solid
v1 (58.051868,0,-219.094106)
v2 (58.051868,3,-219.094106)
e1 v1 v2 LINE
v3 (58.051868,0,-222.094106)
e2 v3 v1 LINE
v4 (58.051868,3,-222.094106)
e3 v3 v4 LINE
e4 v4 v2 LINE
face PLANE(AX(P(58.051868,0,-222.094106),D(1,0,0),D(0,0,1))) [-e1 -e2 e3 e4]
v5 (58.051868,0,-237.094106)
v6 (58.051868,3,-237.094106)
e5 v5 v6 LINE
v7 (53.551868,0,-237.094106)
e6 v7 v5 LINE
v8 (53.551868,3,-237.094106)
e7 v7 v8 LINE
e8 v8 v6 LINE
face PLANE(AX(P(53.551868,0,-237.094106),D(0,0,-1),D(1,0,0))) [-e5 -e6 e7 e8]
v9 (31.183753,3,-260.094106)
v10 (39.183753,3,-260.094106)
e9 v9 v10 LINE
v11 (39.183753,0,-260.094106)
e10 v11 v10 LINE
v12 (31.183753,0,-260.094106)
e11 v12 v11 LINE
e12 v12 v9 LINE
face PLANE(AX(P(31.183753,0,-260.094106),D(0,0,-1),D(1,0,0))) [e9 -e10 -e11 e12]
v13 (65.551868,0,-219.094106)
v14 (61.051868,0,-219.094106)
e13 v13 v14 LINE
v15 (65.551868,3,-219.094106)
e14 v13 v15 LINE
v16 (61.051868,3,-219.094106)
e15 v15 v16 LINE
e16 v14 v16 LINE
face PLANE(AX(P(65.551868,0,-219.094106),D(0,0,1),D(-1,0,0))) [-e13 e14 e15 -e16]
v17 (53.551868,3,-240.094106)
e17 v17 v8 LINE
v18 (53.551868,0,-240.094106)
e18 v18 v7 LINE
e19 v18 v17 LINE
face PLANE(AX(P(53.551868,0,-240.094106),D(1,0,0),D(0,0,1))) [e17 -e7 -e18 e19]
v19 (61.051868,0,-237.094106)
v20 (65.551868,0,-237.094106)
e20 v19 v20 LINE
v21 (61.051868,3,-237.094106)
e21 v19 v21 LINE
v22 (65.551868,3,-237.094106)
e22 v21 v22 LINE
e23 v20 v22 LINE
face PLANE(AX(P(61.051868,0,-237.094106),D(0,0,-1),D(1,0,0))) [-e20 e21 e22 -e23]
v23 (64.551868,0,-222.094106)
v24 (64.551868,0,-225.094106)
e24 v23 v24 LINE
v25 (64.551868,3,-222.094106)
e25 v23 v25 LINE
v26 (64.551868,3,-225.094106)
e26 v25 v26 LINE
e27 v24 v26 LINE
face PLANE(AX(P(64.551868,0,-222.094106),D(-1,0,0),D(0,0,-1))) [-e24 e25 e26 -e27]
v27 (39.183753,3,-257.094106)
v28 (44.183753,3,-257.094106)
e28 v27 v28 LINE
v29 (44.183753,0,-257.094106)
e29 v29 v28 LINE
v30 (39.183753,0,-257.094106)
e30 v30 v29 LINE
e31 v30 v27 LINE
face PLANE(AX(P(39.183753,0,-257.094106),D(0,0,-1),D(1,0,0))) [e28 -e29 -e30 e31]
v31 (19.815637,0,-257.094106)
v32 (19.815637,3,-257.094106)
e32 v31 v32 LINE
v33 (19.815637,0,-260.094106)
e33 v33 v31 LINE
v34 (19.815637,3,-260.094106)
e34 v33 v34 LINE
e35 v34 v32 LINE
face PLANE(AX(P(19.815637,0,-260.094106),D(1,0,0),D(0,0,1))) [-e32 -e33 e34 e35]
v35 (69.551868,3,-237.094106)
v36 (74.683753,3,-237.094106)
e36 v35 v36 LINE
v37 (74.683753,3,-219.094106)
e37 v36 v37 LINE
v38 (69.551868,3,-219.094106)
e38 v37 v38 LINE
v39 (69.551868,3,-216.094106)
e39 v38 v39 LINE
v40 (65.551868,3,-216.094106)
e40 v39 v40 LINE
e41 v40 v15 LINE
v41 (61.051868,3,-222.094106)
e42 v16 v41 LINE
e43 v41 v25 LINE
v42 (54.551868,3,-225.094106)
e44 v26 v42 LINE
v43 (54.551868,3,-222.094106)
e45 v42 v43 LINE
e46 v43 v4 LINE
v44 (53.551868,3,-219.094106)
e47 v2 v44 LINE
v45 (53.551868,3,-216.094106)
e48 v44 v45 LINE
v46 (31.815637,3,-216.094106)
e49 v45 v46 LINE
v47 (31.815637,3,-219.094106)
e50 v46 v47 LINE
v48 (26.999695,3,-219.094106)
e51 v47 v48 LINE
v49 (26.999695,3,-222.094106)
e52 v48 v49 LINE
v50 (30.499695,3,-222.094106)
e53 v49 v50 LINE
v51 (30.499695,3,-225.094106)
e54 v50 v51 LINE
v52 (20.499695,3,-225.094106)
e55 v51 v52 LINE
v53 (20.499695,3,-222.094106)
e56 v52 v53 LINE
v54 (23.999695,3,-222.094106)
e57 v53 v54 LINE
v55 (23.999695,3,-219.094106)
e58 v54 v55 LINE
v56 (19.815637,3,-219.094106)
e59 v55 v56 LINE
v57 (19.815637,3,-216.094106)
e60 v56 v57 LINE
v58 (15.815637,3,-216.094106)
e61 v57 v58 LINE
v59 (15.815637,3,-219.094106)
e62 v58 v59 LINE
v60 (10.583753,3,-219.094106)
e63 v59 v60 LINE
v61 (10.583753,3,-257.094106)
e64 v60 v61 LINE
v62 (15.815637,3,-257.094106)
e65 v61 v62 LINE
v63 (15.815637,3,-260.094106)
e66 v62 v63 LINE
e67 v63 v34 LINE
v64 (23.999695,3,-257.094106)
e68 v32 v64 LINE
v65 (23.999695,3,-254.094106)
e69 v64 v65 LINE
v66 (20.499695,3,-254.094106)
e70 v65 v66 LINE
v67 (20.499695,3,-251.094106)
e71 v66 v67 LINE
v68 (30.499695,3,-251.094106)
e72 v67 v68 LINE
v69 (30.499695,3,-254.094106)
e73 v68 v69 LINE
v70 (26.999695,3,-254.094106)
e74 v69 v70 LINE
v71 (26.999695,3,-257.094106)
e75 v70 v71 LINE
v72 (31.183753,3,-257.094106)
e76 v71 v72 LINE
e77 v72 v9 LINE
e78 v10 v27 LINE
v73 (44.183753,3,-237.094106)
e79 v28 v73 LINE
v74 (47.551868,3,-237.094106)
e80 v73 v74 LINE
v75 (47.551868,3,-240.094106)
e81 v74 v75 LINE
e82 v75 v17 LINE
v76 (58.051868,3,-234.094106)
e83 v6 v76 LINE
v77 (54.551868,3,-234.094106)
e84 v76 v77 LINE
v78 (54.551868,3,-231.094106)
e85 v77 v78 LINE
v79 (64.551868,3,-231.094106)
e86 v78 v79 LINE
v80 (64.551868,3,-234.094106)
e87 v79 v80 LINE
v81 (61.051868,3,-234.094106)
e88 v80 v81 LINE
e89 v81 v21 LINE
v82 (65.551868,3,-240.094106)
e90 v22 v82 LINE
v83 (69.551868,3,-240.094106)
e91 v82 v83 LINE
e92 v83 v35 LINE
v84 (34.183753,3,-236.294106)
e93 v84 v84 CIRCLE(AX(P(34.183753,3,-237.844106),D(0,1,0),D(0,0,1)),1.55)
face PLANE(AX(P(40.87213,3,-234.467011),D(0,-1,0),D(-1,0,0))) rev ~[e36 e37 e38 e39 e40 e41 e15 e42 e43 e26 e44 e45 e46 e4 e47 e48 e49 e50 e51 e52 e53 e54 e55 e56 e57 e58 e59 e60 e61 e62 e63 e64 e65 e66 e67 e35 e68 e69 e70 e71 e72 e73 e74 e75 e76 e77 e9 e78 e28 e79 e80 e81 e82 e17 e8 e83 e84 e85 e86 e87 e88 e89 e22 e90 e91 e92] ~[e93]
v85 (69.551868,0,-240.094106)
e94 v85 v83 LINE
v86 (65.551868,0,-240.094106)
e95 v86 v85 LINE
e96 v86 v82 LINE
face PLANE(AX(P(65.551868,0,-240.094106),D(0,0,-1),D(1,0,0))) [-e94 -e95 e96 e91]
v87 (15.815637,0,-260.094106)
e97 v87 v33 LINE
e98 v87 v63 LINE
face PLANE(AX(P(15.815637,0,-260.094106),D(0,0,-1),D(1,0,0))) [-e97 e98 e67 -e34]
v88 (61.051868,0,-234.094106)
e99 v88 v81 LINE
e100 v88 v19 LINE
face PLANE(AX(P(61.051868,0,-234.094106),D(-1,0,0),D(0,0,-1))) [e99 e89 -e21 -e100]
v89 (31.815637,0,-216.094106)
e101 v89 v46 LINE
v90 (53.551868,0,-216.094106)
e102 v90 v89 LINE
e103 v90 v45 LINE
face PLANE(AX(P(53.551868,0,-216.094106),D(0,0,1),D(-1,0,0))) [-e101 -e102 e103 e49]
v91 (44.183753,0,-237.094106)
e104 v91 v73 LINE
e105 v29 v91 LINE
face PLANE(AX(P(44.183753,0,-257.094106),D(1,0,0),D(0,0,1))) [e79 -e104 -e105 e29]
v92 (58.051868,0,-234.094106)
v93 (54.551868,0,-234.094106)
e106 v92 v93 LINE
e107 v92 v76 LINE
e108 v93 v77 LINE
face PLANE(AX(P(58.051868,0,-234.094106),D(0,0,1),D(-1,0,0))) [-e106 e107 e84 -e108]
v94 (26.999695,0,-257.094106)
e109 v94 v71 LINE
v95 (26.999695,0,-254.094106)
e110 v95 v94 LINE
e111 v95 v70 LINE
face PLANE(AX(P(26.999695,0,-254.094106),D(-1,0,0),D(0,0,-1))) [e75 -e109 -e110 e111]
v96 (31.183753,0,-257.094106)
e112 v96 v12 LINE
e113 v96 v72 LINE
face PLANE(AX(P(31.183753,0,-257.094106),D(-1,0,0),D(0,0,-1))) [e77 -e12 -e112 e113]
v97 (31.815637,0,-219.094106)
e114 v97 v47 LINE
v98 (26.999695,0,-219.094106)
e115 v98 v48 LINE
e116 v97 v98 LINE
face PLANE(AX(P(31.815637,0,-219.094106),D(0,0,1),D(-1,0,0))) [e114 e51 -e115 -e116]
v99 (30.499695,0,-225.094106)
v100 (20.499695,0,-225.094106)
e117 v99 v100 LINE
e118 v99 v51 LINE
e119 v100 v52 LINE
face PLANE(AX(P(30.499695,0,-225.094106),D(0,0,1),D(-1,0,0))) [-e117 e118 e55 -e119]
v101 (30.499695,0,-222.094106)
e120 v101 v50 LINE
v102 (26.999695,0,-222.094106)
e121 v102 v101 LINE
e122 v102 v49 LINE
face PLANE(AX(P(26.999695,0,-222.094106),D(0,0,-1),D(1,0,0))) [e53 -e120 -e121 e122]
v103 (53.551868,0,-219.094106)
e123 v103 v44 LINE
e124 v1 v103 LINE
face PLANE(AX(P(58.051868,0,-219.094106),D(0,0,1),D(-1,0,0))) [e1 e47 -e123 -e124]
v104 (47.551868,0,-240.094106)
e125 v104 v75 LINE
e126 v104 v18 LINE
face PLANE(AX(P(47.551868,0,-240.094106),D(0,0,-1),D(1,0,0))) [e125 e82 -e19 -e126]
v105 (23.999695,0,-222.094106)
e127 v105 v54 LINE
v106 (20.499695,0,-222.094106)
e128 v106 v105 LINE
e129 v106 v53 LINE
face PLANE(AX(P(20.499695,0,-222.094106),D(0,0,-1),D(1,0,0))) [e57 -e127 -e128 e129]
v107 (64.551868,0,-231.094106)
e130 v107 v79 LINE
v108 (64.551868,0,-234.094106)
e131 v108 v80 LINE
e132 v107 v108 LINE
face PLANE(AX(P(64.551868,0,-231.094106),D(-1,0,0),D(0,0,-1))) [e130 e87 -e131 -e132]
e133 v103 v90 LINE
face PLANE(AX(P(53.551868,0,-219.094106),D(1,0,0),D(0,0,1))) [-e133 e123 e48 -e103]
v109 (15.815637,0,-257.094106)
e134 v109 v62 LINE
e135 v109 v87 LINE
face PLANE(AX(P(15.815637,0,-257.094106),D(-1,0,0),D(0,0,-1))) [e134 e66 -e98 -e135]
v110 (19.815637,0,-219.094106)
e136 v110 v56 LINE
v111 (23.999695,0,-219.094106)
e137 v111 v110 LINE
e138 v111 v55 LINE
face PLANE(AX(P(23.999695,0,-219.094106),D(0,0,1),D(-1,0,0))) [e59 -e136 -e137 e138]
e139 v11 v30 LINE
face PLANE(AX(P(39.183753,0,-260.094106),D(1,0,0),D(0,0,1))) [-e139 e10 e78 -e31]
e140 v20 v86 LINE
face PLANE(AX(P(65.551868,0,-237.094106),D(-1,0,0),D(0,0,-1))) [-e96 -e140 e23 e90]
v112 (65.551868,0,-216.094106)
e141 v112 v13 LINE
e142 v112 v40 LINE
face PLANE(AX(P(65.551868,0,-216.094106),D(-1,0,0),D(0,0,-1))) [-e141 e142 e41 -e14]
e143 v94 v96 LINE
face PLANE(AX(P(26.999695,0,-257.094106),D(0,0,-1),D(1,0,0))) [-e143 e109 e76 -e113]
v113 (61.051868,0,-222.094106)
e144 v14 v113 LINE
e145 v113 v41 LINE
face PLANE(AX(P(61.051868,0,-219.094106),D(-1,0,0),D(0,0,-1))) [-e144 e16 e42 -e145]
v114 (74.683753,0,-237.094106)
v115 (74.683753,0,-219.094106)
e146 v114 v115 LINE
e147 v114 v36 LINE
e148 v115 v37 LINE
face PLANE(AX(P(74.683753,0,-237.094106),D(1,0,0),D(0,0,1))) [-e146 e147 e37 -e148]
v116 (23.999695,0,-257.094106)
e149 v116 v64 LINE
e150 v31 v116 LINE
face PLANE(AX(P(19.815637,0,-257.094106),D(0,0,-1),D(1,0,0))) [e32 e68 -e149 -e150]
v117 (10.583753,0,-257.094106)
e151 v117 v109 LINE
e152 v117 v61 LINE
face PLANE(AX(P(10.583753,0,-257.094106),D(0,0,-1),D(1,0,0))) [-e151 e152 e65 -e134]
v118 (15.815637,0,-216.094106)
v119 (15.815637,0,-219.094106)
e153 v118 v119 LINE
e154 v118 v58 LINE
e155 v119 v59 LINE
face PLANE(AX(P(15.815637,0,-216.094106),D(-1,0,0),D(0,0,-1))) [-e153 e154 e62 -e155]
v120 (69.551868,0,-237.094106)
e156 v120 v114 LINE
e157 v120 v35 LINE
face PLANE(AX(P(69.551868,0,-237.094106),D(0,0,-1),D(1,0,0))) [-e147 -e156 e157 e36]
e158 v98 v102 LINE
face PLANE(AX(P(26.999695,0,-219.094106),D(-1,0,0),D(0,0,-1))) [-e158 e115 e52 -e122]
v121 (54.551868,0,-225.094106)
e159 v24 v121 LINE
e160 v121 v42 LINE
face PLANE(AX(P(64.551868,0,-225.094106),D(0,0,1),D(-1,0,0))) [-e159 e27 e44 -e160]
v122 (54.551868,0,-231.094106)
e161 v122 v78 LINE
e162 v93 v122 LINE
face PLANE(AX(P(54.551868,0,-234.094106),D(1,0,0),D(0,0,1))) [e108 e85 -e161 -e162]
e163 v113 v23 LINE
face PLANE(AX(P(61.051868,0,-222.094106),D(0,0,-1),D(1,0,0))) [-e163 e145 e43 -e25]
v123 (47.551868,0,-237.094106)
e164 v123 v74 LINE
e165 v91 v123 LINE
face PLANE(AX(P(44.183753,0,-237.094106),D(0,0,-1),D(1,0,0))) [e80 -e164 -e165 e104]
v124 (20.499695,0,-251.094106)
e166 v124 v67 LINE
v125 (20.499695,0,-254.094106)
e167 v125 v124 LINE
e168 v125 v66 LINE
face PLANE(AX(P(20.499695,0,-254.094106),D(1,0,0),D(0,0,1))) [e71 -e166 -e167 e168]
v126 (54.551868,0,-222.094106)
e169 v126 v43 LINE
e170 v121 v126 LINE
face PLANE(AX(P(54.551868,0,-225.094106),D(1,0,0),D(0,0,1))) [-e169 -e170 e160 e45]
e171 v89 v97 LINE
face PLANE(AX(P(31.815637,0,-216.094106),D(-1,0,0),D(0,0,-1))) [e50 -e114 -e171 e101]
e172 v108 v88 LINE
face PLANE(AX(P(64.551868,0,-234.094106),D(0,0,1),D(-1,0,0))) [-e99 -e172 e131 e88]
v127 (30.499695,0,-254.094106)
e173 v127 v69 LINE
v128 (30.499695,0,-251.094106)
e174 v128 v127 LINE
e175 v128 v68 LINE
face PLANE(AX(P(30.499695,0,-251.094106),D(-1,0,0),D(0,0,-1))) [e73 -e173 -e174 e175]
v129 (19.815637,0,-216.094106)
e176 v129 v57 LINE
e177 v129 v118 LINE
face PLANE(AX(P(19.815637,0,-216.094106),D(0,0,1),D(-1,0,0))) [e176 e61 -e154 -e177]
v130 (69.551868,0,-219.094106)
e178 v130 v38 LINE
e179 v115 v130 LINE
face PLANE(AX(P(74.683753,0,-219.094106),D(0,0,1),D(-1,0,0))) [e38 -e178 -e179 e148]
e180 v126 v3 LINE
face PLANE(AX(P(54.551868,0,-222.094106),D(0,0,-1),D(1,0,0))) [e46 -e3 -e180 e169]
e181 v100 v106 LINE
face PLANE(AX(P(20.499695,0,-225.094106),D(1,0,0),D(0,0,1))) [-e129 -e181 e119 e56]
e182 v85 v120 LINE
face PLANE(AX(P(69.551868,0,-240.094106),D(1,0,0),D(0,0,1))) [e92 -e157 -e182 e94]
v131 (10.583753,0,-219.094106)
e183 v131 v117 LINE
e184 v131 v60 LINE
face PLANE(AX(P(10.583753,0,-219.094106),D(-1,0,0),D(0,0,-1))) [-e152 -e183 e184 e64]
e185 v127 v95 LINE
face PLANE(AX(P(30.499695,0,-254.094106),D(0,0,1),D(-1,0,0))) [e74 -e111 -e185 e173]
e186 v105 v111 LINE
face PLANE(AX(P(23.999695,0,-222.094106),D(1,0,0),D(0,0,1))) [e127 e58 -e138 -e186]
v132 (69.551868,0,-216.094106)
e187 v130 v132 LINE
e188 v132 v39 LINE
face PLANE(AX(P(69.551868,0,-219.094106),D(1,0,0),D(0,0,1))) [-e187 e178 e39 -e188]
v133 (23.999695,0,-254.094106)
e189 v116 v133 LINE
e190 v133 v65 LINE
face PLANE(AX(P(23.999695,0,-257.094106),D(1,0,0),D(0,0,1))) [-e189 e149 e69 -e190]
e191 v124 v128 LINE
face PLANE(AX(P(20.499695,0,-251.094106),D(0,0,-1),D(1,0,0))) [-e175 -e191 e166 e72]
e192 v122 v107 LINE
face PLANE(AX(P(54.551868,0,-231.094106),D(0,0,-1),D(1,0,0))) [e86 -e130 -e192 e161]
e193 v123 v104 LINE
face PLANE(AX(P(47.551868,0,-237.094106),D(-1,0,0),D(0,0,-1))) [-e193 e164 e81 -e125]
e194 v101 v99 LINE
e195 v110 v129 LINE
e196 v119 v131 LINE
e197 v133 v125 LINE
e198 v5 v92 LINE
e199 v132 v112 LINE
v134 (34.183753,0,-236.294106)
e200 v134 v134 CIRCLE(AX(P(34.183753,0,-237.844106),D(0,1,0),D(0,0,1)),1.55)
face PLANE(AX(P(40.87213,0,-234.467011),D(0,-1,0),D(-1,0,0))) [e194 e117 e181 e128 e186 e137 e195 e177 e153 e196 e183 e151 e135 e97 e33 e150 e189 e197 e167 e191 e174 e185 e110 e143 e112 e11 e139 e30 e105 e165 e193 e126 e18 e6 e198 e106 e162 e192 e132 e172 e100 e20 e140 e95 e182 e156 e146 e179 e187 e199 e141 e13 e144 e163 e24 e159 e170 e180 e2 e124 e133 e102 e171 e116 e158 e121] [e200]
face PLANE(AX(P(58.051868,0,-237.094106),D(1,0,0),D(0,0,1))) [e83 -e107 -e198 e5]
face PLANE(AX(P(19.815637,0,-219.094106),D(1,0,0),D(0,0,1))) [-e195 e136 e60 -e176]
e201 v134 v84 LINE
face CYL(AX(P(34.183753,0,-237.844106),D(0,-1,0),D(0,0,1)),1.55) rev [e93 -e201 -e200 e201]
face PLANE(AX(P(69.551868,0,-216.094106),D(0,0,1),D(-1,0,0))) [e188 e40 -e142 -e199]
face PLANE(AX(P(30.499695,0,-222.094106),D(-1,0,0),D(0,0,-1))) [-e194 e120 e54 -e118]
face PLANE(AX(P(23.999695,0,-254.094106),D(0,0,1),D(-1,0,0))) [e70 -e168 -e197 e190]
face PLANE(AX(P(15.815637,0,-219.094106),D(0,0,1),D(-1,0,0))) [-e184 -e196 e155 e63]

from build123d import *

# Parameters (mm, degrees)
SKETCH1_R           = 1.55
BOSS_EXTRUDE1_DEPTH = 3


with BuildPart() as part:
    # Sketch1 → Boss-Extrude1 (new body)
    with BuildSketch(Plane(origin=(0, 0, 0), x_dir=(1, 0, 0), z_dir=(0, 1, 0))):
        Polygon((74.683753319, 219.09410576), (69.551868319, 219.09410576), (69.551868319, 216.09410576), (65.551868319, 216.09410576), (65.551868319, 219.09410576), (61.051868319, 219.09410576), (61.051868319, 222.09410576), (64.551868319, 222.09410576), (64.551868319, 225.09410576), (54.551868319, 225.09410576), (54.551868319, 222.09410576), (58.051868319, 222.09410576), (58.051868319, 219.09410576), (53.551868319, 219.09410576), (53.551868319, 216.09410576), (31.815637319, 216.09410576), (31.815637319, 219.09410576), (26.999695069, 219.09410576), (26.999695069, 222.09410576), (30.499695069, 222.09410576), (30.499695069, 225.09410576), (20.499695069, 225.09410576), (20.499695069, 222.09410576), (23.999695069, 222.09410576), (23.999695069, 219.09410576), (19.815637319, 219.09410576), (19.815637319, 216.09410576), (15.815637319, 216.09410576), (15.815637319, 219.09410576), (10.583753319, 219.09410576), (10.583753319, 257.09410576), (15.815637319, 257.09410576), (15.815637319, 260.09410576), (19.815637319, 260.09410576), (19.815637319, 257.09410576), (23.999695069, 257.09410576), (23.999695069, 254.09410576), (20.499695069, 254.09410576), (20.499695069, 251.09410576), (30.499695069, 251.09410576), (30.499695069, 254.09410576), (26.999695069, 254.09410576), (26.999695069, 257.09410576), (31.183752819, 257.09410576), (31.183752819, 260.09410576), (39.183752819, 260.09410576), (39.183752819, 257.09410576), (44.183752819, 257.09410576), (44.183752819, 237.09410576), (47.551868319, 237.09410576), (47.551868319, 240.09410576), (53.551868319, 240.09410576), (53.551868319, 237.09410576), (58.051868319, 237.09410576), (58.051868319, 234.09410576), (54.551868319, 234.09410576), (54.551868319, 231.09410576), (64.551868319, 231.09410576), (64.551868319, 234.09410576), (61.051868319, 234.09410576), (61.051868319, 237.09410576), (65.551868319, 237.09410576), (65.551868319, 240.09410576), (69.551868319, 240.09410576), (69.551868319, 237.09410576), (74.683753319, 237.09410576), align=None)
        with Locations(Location((34.183752819, 237.84410576, 0), (0, 0, 270))):
            Circle(SKETCH1_R, mode=Mode.SUBTRACT)
    extrude(amount=BOSS_EXTRUDE1_DEPTH)


solid = part.part
